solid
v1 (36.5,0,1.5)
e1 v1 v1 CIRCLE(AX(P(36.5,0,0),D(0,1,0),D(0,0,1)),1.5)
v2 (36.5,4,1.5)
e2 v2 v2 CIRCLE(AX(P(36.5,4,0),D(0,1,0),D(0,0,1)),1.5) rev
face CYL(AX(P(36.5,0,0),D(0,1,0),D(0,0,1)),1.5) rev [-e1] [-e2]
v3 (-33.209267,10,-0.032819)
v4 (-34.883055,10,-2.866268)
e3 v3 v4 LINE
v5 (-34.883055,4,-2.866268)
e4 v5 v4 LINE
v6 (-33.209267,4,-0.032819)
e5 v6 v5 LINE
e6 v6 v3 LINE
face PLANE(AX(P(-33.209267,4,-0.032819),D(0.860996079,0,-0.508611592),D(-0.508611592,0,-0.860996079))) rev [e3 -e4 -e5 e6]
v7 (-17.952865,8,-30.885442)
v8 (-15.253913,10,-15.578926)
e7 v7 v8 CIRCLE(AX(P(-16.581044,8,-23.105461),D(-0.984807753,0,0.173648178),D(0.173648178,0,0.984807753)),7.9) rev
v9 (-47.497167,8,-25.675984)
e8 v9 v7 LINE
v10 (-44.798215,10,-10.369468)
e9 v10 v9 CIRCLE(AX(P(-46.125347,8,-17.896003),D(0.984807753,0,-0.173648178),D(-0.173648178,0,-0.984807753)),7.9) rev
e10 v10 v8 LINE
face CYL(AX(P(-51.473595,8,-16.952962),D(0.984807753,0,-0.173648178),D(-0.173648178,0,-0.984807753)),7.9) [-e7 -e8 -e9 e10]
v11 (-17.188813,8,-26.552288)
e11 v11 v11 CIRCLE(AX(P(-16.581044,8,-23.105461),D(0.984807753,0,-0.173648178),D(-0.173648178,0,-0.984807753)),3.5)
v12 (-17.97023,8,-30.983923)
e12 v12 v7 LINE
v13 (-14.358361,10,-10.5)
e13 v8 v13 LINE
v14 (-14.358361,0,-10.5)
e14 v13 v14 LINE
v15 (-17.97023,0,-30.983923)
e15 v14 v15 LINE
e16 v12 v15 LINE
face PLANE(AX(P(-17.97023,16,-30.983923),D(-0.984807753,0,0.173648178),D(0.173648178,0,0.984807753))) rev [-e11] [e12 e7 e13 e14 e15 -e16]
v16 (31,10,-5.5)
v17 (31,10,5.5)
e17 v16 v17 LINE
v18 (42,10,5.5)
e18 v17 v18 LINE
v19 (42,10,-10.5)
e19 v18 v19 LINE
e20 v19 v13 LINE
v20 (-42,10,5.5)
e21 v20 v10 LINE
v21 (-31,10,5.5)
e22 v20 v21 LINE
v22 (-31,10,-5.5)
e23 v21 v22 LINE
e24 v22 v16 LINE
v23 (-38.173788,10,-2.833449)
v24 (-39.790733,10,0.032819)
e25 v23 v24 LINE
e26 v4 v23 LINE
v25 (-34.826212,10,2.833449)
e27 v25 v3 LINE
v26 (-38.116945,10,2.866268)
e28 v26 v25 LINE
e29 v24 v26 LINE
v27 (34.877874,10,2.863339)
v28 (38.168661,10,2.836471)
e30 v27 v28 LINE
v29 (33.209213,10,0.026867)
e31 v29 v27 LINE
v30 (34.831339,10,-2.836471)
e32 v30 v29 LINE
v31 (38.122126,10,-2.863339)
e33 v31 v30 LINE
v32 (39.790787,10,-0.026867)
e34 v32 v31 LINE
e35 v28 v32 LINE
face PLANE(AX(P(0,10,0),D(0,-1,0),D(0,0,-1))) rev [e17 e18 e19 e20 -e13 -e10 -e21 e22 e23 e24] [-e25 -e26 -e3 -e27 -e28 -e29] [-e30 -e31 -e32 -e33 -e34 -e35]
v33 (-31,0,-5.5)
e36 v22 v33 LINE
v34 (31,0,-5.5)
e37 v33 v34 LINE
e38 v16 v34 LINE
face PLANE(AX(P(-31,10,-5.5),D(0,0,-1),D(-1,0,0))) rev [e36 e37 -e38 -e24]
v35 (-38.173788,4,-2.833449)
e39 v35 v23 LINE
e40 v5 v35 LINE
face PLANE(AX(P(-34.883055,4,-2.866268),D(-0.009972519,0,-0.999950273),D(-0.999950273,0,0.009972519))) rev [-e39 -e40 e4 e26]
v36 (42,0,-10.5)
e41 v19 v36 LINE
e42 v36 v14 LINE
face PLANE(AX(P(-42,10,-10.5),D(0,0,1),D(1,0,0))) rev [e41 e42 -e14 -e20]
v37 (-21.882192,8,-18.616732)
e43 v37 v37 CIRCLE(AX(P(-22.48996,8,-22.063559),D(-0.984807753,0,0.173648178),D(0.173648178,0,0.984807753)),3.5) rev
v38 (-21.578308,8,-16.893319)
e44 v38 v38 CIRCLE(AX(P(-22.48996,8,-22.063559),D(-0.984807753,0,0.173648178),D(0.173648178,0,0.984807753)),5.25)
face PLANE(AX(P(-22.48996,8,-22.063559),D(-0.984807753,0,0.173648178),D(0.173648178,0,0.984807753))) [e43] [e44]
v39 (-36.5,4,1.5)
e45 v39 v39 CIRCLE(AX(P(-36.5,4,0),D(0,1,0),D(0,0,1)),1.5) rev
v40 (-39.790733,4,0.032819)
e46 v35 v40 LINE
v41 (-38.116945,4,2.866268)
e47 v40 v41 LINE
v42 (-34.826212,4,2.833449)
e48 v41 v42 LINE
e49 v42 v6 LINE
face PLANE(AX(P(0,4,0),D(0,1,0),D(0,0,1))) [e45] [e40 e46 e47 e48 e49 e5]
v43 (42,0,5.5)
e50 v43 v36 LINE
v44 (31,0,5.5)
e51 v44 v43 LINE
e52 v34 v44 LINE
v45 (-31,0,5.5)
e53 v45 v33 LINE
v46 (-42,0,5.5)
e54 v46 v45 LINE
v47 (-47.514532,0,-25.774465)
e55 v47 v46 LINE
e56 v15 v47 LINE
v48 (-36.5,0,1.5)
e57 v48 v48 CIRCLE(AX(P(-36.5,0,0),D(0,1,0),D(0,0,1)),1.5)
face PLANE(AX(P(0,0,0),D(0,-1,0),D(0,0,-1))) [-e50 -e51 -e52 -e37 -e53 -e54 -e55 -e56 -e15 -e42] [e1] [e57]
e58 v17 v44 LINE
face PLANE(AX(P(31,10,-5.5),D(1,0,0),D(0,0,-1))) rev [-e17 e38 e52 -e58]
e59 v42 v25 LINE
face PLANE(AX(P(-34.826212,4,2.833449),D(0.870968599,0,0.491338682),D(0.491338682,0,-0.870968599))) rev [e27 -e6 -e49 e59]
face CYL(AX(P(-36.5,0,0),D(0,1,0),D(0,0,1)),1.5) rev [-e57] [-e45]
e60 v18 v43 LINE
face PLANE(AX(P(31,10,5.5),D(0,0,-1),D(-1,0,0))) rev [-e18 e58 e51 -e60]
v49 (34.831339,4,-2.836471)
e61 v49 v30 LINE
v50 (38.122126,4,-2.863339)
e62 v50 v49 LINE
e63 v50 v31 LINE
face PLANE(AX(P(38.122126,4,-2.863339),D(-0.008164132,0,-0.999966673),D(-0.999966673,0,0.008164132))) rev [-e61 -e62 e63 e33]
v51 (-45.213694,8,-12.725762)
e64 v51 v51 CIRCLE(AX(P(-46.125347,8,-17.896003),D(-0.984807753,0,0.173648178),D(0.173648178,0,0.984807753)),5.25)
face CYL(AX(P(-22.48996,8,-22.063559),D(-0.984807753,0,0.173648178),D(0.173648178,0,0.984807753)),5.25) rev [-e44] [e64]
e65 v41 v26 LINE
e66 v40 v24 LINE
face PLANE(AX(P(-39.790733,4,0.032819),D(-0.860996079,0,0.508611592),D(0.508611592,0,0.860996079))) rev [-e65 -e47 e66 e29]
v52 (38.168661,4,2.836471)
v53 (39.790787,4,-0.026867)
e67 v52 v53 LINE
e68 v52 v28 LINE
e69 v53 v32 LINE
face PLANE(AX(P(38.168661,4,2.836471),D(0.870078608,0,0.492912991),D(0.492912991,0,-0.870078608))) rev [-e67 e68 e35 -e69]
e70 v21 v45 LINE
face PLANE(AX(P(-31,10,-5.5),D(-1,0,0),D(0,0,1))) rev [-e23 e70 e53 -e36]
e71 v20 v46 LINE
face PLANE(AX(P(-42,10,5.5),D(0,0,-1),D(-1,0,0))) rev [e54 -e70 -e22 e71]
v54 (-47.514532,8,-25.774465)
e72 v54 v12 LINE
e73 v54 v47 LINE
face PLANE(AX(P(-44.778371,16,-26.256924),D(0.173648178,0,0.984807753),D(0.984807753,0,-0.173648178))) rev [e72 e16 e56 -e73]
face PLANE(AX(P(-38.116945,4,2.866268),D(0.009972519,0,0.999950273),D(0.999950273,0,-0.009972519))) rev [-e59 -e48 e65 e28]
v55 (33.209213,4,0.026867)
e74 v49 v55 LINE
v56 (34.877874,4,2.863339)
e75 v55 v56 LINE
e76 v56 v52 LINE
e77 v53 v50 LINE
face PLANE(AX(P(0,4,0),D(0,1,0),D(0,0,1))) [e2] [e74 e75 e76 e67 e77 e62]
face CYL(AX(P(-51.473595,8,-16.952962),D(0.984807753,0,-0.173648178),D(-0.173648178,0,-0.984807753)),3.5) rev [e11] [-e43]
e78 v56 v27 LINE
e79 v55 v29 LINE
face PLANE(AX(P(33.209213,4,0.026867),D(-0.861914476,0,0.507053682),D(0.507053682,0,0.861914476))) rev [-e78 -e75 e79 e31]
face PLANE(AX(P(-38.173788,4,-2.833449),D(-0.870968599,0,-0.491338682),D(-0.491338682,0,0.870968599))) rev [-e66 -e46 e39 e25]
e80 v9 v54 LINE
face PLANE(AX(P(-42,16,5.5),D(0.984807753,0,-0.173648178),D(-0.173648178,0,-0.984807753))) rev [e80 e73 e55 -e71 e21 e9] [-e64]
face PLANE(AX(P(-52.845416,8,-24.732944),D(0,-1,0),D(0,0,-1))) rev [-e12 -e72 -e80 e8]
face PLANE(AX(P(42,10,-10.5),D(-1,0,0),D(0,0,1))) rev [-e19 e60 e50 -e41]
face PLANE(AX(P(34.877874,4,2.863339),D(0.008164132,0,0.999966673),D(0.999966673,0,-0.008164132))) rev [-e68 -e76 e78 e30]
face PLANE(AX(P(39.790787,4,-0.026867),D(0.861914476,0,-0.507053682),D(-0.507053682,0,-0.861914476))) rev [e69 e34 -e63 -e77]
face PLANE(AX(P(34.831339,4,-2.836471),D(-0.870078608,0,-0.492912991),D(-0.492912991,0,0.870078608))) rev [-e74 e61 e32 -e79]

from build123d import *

# Parameters (mm, degrees)
EXTRUDE_1_DEPTH          = 10
SKETCH_2_R               = 1.5
CUT_EXTRUDE_1_DEPTH      = 10
CUT_EXTRUDE_2_DEPTH      = 6
EXTRUDE_2_DEPTH          = 16
CUT_EXTRUDE_3_DEPTH      = 60.059147092
CUT_EXTRUDE_3_DEPTH_BACK = 36.4308247
SKETCH_6_R               = 3.5
CUT_EXTRUDE_4_DEPTH      = 36.4308247
SKETCH_8_R               = 5.25
CUT_EXTRUDE_6_DEPTH      = 24


with BuildPart() as part:
    # 草图1 → 凸台-拉伸1 (new body)
    with BuildSketch(Plane(origin=(0, 0, 0), x_dir=(1, 0, 0), z_dir=(0, 1, 0))):
        Polygon((-42, 5.5), (-42, 10.5), (42, 10.5), (42, 5.5), (42, -5.5), (31, -5.5), (31, 5.5), (-31, 5.5), (-31, -5.5), (-42, -5.5), align=None)
    extrude(amount=EXTRUDE_1_DEPTH)

    # 草图2 → 切除-拉伸1 (cut)
    with BuildSketch(Plane(origin=(0, 10, 0), x_dir=(1, 0, 0), z_dir=(0, 1, 0))):
        with Locations((-36.5, 0)):
            Circle(SKETCH_2_R)
        with Locations((36.5, 0)):
            Circle(SKETCH_2_R)
    extrude(amount=-CUT_EXTRUDE_1_DEPTH, mode=Mode.SUBTRACT)

    # 草图3 → 切除-拉伸2 (cut)
    with BuildSketch(Plane(origin=(0, 10, 0), x_dir=(1, 0, 0), z_dir=(0, 1, 0))):
        Polygon((-34.826211876, -2.833449014), (-33.209267111, 0.032818529), (-34.883055236, 2.866267543), (-38.173788124, 2.833449014), (-39.790732889, -0.032818529), (-38.116944764, -2.866267543), align=None)
        Polygon((38.168661206, -2.836471361), (39.790786858, 0.026867314), (38.122125653, 2.863338675), (34.831338794, 2.836471361), (33.209213142, -0.026867314), (34.877874347, -2.863338675), align=None)
    extrude(amount=-CUT_EXTRUDE_2_DEPTH, mode=Mode.SUBTRACT)

    # 草图4 → 凸台-拉伸2 (add)
    with BuildSketch(Plane(origin=(0, 0, 0), x_dir=(1, 0, 0), z_dir=(0, 1, 0))):
        Polygon((-44.778370843, 26.256924048), (-47.514531989, 25.774465014), (-42, -5.5), (-42, 10.5), (-14.358361399, 10.5), (-17.970229632, 30.983922646), align=None)
    extrude(amount=EXTRUDE_2_DEPTH)

    # 草图5 → 切除-拉伸3 (cut, two sides)
    with BuildSketch(Plane(origin=(-12.129798074, 0, 2.138810671), x_dir=(-0.173648178, 0, -0.984807753), z_dir=(0.984807753, 0, -0.173648178))) as cut_extrude_3_sk:
        with BuildLine():
            Line((33.533704869, 8), (33.633704869, 8))
            Line((33.633704869, 8), (33.633704869, 16))
            Line((33.633704869, 16), (1.87678082, 16))
            Line((1.87678082, 16), (1.87678082, 10))
            Line((1.87678082, 10), (12.833784698, 10))
            Line((12.833784698, 10), (17.991061347, 10))
            ThreePointArc((17.991061347, 10), (26.641949923, 15.83539673), (33.533704869, 8))
        make_face()
    extrude(amount=CUT_EXTRUDE_3_DEPTH, mode=Mode.SUBTRACT)
    extrude(cut_extrude_3_sk.sketch, amount=-CUT_EXTRUDE_3_DEPTH_BACK, mode=Mode.SUBTRACT)

    # 草图6 → 切除-拉伸4 (cut, through all)
    with BuildSketch(Plane(origin=(-12.129798074, 0, 2.138810671), x_dir=(-0.173648178, 0, -0.984807753), z_dir=(0.984807753, 0, -0.173648178))):
        with Locations((25.633704869, 8)):
            Circle(SKETCH_6_R)
    extrude(amount=-CUT_EXTRUDE_4_DEPTH, mode=Mode.SUBTRACT)

    # 草图8 → 切除-拉伸6 (cut)
    with BuildSketch(Plane(origin=(-41.674100431, 0, 7.348268303), x_dir=(0.173648178, 0, 0.984807753), z_dir=(-0.984807753, 0, 0.173648178))):
        with Locations((-25.633704869, 8)):
            Circle(SKETCH_8_R)
    extrude(amount=-CUT_EXTRUDE_6_DEPTH, mode=Mode.SUBTRACT)


solid = part.part
